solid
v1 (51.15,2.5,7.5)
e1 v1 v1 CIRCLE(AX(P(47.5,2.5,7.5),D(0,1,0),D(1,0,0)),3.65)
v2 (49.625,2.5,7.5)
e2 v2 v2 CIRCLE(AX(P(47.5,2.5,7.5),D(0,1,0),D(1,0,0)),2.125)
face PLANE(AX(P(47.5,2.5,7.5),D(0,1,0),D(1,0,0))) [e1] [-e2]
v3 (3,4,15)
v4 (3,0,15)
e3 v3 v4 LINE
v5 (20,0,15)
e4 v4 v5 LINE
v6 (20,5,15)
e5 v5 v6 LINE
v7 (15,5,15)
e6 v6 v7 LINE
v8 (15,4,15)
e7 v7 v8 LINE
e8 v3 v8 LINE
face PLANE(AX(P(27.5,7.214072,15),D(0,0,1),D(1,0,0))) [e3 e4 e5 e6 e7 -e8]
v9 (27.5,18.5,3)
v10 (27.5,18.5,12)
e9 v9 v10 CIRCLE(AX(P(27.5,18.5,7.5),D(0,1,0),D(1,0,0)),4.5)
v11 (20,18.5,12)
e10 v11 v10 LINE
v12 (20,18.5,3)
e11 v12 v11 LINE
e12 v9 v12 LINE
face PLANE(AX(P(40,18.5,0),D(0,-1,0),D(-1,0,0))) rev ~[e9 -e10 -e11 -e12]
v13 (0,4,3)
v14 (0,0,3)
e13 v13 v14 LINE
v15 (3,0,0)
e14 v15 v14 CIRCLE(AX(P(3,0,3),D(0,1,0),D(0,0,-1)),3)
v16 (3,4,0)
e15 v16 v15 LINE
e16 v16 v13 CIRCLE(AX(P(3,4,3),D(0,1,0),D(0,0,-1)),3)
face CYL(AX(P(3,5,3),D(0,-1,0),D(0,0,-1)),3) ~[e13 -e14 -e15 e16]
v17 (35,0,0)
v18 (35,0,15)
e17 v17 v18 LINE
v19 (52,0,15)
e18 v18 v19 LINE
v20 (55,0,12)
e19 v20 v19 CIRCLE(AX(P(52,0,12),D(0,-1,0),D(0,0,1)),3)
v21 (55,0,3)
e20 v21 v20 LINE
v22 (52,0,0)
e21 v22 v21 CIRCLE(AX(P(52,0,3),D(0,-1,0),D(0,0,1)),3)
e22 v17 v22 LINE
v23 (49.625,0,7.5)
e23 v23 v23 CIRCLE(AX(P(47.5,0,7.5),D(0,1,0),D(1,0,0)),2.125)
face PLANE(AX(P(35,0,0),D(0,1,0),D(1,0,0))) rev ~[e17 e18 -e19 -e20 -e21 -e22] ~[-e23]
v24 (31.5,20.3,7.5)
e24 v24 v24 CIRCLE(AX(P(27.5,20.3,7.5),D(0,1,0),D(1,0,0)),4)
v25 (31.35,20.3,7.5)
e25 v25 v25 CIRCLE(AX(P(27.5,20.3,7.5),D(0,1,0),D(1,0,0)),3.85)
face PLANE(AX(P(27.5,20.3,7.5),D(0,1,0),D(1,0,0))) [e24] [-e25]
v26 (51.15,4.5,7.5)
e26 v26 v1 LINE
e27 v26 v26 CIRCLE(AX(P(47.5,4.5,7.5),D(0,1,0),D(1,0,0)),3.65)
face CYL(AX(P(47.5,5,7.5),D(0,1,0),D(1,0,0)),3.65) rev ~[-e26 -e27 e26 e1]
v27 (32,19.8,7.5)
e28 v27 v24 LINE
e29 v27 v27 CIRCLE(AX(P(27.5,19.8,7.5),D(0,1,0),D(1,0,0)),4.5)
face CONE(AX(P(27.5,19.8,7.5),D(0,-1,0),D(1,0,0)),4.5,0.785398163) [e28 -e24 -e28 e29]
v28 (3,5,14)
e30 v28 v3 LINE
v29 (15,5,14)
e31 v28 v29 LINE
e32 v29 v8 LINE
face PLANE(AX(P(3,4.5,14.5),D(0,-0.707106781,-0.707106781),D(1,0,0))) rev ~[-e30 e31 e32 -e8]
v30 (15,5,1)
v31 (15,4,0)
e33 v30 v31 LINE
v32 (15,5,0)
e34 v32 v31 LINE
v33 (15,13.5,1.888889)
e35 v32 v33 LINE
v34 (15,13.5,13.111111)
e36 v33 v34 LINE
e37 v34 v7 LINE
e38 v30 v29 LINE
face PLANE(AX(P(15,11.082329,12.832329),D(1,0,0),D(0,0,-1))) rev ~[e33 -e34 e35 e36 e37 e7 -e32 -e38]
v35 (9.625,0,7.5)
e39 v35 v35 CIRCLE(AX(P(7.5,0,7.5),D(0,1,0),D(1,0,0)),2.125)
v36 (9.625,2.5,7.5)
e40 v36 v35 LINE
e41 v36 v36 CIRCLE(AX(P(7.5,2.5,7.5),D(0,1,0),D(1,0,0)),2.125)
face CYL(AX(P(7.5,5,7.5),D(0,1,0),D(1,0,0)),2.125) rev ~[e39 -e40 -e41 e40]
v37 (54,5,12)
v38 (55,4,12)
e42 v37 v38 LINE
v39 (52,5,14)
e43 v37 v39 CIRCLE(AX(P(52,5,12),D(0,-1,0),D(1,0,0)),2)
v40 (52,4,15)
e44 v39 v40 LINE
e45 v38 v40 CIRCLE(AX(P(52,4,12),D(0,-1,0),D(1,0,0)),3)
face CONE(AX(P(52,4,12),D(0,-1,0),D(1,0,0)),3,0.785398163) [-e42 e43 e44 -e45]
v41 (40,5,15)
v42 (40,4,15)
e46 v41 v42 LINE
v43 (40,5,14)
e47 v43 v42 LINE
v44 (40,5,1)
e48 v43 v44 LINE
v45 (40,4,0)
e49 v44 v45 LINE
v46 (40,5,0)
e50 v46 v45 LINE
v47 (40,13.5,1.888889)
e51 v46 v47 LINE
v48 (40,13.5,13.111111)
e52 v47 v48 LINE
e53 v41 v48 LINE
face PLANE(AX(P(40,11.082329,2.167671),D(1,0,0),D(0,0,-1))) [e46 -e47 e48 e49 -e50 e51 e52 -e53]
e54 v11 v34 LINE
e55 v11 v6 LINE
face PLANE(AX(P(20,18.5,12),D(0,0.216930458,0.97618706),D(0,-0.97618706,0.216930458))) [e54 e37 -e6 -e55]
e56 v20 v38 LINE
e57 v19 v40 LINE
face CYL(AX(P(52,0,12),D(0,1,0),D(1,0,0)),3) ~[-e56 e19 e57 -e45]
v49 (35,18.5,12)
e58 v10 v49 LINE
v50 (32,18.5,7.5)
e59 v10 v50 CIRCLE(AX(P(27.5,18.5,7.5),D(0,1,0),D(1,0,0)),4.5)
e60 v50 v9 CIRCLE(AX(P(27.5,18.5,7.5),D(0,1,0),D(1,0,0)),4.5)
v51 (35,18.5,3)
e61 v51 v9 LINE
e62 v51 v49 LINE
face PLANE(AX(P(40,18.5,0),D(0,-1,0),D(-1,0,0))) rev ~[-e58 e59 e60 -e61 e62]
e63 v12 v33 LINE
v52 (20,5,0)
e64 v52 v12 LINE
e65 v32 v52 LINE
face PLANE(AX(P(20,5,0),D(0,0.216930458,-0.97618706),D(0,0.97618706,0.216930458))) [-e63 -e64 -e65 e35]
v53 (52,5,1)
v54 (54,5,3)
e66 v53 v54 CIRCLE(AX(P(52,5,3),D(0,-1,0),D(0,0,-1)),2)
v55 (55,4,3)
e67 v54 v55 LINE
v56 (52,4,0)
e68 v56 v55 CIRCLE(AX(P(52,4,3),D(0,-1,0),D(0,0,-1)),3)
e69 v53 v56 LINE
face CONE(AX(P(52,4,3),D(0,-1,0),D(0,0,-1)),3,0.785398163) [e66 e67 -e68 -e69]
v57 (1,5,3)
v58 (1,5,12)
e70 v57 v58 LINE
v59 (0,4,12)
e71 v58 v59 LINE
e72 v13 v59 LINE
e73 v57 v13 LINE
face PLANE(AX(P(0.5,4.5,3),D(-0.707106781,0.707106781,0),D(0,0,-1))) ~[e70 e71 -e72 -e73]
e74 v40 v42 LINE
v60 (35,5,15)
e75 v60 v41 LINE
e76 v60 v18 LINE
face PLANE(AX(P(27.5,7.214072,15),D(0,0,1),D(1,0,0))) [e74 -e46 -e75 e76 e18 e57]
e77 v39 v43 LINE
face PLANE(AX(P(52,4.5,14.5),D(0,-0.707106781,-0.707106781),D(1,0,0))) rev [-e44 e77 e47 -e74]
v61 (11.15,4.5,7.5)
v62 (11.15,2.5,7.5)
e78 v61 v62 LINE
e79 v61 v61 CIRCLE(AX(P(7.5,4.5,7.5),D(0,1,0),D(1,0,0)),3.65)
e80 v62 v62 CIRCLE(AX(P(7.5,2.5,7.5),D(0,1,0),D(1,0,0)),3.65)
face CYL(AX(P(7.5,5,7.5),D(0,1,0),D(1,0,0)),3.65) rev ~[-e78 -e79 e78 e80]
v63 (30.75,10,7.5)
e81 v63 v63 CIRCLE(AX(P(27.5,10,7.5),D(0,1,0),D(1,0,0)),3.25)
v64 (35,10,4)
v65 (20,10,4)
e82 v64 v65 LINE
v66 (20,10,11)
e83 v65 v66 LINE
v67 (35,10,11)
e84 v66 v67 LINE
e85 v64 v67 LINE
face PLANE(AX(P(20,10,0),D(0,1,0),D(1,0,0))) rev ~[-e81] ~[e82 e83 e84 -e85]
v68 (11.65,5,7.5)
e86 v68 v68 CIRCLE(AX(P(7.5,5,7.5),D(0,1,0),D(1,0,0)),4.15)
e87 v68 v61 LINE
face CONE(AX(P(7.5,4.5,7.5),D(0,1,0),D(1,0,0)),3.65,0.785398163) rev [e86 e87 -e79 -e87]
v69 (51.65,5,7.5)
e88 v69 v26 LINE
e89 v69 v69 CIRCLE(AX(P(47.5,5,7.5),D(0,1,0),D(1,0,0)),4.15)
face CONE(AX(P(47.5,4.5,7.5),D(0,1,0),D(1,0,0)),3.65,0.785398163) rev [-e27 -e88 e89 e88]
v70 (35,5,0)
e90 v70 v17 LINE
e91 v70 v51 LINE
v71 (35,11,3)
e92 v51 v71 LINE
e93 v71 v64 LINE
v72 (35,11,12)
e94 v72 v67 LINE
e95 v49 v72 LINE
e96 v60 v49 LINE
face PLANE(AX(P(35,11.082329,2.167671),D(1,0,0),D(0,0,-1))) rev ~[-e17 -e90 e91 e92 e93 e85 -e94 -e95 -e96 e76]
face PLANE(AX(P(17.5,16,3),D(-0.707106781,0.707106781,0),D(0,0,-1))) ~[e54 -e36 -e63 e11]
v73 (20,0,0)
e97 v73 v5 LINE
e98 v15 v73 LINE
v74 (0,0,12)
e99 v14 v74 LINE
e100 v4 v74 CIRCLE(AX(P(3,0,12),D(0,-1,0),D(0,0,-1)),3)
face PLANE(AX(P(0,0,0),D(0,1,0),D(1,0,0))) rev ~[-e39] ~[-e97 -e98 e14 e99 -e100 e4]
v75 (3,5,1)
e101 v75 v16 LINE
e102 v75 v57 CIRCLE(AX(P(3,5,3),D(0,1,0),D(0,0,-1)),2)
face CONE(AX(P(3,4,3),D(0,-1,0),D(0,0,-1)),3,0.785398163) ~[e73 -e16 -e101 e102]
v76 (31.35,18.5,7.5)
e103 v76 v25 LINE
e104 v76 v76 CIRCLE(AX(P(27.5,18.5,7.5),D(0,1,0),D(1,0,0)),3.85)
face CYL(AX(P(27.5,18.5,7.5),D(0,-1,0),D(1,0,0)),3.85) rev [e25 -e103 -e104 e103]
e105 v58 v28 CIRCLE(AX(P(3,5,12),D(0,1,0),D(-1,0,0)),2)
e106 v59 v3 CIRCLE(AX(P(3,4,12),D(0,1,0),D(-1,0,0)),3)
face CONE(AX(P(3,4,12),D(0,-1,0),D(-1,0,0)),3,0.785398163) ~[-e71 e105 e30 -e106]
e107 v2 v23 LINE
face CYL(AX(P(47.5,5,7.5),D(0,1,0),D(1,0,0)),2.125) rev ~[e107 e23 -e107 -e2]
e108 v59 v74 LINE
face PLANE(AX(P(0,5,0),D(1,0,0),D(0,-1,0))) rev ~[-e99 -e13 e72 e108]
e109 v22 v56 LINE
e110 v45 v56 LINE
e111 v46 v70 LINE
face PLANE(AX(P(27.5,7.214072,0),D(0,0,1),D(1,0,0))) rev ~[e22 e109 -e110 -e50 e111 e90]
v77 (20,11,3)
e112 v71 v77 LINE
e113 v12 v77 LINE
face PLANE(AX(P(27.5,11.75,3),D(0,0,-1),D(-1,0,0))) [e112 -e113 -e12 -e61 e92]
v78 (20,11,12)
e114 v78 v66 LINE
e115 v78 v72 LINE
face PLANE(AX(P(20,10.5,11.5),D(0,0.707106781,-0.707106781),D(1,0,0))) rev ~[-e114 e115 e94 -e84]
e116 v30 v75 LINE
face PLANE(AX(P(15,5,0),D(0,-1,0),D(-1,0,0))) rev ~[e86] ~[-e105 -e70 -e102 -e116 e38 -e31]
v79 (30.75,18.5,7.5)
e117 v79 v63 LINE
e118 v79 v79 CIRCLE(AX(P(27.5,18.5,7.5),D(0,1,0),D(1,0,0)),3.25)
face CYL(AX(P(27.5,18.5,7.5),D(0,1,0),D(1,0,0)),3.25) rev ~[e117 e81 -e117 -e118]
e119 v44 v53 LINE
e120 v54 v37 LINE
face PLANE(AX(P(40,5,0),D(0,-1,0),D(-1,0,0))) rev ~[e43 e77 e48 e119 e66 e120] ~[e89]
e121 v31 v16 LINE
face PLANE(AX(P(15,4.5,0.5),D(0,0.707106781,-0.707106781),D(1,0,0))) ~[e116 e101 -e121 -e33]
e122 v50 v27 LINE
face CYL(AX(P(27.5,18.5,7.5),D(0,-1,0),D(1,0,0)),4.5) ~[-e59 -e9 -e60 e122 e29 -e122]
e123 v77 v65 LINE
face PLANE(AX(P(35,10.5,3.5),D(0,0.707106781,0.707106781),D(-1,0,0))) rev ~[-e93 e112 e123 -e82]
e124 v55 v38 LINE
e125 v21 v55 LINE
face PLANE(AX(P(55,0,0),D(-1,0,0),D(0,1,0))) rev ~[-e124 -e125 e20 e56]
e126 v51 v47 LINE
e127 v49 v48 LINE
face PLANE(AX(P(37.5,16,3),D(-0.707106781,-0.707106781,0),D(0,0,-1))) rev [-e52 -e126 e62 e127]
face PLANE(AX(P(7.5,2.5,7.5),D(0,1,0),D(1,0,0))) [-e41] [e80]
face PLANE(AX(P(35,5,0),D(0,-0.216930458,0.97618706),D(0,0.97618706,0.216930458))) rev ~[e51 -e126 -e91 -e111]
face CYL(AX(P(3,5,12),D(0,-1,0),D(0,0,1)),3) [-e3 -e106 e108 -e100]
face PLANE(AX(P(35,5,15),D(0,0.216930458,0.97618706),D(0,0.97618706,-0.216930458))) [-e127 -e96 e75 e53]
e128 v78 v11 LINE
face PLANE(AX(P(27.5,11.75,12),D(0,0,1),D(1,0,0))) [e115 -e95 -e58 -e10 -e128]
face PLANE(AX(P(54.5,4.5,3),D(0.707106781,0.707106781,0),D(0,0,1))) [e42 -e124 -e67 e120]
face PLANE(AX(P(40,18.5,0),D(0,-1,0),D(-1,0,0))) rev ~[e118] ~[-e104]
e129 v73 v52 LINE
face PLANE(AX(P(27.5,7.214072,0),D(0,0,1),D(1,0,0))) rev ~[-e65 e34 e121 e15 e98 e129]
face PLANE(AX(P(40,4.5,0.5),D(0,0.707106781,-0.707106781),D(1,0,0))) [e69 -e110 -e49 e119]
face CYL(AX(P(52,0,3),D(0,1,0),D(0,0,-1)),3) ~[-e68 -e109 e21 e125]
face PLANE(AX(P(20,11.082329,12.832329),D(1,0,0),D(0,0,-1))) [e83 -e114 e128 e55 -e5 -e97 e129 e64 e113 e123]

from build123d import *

# Parameters (mm, degrees)
BOSS_EXTRUDE1_DEPTH = 15
SKETCH2_W           = 25
SKETCH2_H           = 13.5
CUT_EXTRUDE1_DEPTH  = 3
SKETCH3_W           = 25
SKETCH3_H           = 13.5
CUT_EXTRUDE2_DEPTH  = 3
BOSS_EXTRUDE2_DEPTH = 5
BOSS_EXTRUDE3_DEPTH = 5
SKETCH6_R           = 3.25
CUT_EXTRUDE3_DEPTH  = 8.5
SKETCH7_R           = 2.125
CUT_EXTRUDE4_DEPTH  = 5
SKETCH8_R           = 3.65
CUT_EXTRUDE5_DEPTH  = 2.5
CHAMFER3_SIZE       = 0.5
FILLET1_R           = 3
SKETCH9_R           = 4.5
SKETCH9_R_2         = 3.85
BOSS_EXTRUDE4_DEPTH = 1.8
CHAMFER4_SIZE       = 5
CHAMFER5_SIZE       = 1
CHAMFER6_SIZE       = 0.5


with BuildPart() as part:
    # Sketch1 → Boss-Extrude1 (new body)
    with BuildSketch(Plane.XY):
        Polygon((0, 0), (20, 0), (20, 10), (35, 10), (35, 0), (55, 0), (55, 5), (40, 5), (40, 18.5), (15, 18.5), (15, 5), (0, 5), align=None)
    extrude(amount=BOSS_EXTRUDE1_DEPTH)

    # Sketch2 → Cut-Extrude1 (cut)
    with BuildSketch(Plane.XY.offset(15)):
        with Locations((27.5, 11.75)):
            Rectangle(SKETCH2_W, SKETCH2_H)
    extrude(amount=-CUT_EXTRUDE1_DEPTH, mode=Mode.SUBTRACT)

    # Sketch3 → Cut-Extrude2 (cut)
    with BuildSketch(Plane(origin=(0, 0, 0), x_dir=(-1, 0, 0), z_dir=(0, 0, -1))):
        with Locations((-27.5, 11.75)):
            Rectangle(SKETCH3_W, SKETCH3_H)
    extrude(amount=-CUT_EXTRUDE2_DEPTH, mode=Mode.SUBTRACT)

    # Sketch4 → Boss-Extrude2 (add)
    with BuildSketch(Plane(origin=(20, 0, 0), x_dir=(0, 0, -1), z_dir=(1, 0, 0))):
        Polygon((-12, 18.5), (-15, 5), (-12, 5), align=None)
        Polygon((-3, 5), (0, 5), (-3, 18.5), align=None)
    extrude(amount=-BOSS_EXTRUDE2_DEPTH)

    # Sketch5 → Boss-Extrude3 (add)
    with BuildSketch(Plane.ZY.offset(-35)):
        Polygon((0, 5), (3, 18.5), (3, 5), align=None)
        Polygon((12, 18.5), (12, 5), (15, 5), align=None)
    extrude(amount=-BOSS_EXTRUDE3_DEPTH)

    # Sketch6 → Cut-Extrude3 (cut)
    with BuildSketch(Plane(origin=(0, 18.5, 0), x_dir=(1, 0, 0), z_dir=(0, 1, 0))):
        with Locations((27.5, -7.5)):
            Circle(SKETCH6_R)
    extrude(amount=-CUT_EXTRUDE3_DEPTH, mode=Mode.SUBTRACT)

    # Sketch7 → Cut-Extrude4 (cut)
    with BuildSketch(Plane(origin=(0, 5, 0), x_dir=(1, 0, 0), z_dir=(0, 1, 0))):
        with Locations((7.5, -7.5)):
            Circle(SKETCH7_R)
        with Locations((47.5, -7.5)):
            Circle(SKETCH7_R)
    extrude(amount=-CUT_EXTRUDE4_DEPTH, mode=Mode.SUBTRACT)

    # Sketch8 → Cut-Extrude5 (cut)
    with BuildSketch(Plane(origin=(0, 5, 0), x_dir=(1, 0, 0), z_dir=(0, 1, 0))):
        with Locations((7.5, -7.5)):
            Circle(SKETCH8_R)
        with Locations((47.5, -7.5)):
            Circle(SKETCH8_R)
    extrude(amount=-CUT_EXTRUDE5_DEPTH, mode=Mode.SUBTRACT)

    # Chamfer3
    chamfer3_edges = [part.edges().sort_by_distance(p)[0] for p in [
        (3.85, 5, 7.5),
        (43.85, 5, 7.5),
    ]]
    chamfer(chamfer3_edges, length=CHAMFER3_SIZE)

    # Fillet1
    fillet1_edges = [part.edges().sort_by_distance(p)[0] for p in [
        (55, 2.5, 0),
        (0, 2.5, 0),
        (55, 2.5, 15),
        (0, 2.5, 15),
    ]]
    fillet(fillet1_edges, radius=FILLET1_R)

    # Sketch9 → Boss-Extrude4 (add)
    with BuildSketch(Plane(origin=(0, 18.5, 0), x_dir=(1, 0, 0), z_dir=(0, 1, 0))):
        with Locations((27.5, -7.5)):
            Circle(SKETCH9_R)
        with Locations((27.5, -7.5)):
            Circle(SKETCH9_R_2, mode=Mode.SUBTRACT)
    extrude(amount=BOSS_EXTRUDE4_DEPTH)

    # Chamfer4
    chamfer4_edges = [part.edges().sort_by_distance(p)[0] for p in [
        (40, 18.5, 7.5),
        (15, 18.5, 7.5),
    ]]
    chamfer(chamfer4_edges, length=CHAMFER4_SIZE)

    # Chamfer5
    chamfer5_edges = [part.edges().sort_by_distance(p)[0] for p in [
        (0, 5, 7.5),
        (0.878679656, 5, 14.121320344),
        (0.878679656, 5, 0.878679656),
        (55, 5, 7.5),
        (46, 5, 15),
        (46, 5, 0),
        (54.121320344, 5, 14.121320344),
        (54.121320344, 5, 0.878679656),
        (27.5, 10, 12),
        (27.5, 10, 3),
        (9, 5, 15),
        (9, 5, 0),
    ]]
    chamfer(chamfer5_edges, length=CHAMFER5_SIZE)

    # Chamfer6
    chamfer6_edges = [part.edges().sort_by_distance(p)[0] for p in [
        (23, 20.3, 7.5),
    ]]
    chamfer(chamfer6_edges, length=CHAMFER6_SIZE)


solid = part.part
